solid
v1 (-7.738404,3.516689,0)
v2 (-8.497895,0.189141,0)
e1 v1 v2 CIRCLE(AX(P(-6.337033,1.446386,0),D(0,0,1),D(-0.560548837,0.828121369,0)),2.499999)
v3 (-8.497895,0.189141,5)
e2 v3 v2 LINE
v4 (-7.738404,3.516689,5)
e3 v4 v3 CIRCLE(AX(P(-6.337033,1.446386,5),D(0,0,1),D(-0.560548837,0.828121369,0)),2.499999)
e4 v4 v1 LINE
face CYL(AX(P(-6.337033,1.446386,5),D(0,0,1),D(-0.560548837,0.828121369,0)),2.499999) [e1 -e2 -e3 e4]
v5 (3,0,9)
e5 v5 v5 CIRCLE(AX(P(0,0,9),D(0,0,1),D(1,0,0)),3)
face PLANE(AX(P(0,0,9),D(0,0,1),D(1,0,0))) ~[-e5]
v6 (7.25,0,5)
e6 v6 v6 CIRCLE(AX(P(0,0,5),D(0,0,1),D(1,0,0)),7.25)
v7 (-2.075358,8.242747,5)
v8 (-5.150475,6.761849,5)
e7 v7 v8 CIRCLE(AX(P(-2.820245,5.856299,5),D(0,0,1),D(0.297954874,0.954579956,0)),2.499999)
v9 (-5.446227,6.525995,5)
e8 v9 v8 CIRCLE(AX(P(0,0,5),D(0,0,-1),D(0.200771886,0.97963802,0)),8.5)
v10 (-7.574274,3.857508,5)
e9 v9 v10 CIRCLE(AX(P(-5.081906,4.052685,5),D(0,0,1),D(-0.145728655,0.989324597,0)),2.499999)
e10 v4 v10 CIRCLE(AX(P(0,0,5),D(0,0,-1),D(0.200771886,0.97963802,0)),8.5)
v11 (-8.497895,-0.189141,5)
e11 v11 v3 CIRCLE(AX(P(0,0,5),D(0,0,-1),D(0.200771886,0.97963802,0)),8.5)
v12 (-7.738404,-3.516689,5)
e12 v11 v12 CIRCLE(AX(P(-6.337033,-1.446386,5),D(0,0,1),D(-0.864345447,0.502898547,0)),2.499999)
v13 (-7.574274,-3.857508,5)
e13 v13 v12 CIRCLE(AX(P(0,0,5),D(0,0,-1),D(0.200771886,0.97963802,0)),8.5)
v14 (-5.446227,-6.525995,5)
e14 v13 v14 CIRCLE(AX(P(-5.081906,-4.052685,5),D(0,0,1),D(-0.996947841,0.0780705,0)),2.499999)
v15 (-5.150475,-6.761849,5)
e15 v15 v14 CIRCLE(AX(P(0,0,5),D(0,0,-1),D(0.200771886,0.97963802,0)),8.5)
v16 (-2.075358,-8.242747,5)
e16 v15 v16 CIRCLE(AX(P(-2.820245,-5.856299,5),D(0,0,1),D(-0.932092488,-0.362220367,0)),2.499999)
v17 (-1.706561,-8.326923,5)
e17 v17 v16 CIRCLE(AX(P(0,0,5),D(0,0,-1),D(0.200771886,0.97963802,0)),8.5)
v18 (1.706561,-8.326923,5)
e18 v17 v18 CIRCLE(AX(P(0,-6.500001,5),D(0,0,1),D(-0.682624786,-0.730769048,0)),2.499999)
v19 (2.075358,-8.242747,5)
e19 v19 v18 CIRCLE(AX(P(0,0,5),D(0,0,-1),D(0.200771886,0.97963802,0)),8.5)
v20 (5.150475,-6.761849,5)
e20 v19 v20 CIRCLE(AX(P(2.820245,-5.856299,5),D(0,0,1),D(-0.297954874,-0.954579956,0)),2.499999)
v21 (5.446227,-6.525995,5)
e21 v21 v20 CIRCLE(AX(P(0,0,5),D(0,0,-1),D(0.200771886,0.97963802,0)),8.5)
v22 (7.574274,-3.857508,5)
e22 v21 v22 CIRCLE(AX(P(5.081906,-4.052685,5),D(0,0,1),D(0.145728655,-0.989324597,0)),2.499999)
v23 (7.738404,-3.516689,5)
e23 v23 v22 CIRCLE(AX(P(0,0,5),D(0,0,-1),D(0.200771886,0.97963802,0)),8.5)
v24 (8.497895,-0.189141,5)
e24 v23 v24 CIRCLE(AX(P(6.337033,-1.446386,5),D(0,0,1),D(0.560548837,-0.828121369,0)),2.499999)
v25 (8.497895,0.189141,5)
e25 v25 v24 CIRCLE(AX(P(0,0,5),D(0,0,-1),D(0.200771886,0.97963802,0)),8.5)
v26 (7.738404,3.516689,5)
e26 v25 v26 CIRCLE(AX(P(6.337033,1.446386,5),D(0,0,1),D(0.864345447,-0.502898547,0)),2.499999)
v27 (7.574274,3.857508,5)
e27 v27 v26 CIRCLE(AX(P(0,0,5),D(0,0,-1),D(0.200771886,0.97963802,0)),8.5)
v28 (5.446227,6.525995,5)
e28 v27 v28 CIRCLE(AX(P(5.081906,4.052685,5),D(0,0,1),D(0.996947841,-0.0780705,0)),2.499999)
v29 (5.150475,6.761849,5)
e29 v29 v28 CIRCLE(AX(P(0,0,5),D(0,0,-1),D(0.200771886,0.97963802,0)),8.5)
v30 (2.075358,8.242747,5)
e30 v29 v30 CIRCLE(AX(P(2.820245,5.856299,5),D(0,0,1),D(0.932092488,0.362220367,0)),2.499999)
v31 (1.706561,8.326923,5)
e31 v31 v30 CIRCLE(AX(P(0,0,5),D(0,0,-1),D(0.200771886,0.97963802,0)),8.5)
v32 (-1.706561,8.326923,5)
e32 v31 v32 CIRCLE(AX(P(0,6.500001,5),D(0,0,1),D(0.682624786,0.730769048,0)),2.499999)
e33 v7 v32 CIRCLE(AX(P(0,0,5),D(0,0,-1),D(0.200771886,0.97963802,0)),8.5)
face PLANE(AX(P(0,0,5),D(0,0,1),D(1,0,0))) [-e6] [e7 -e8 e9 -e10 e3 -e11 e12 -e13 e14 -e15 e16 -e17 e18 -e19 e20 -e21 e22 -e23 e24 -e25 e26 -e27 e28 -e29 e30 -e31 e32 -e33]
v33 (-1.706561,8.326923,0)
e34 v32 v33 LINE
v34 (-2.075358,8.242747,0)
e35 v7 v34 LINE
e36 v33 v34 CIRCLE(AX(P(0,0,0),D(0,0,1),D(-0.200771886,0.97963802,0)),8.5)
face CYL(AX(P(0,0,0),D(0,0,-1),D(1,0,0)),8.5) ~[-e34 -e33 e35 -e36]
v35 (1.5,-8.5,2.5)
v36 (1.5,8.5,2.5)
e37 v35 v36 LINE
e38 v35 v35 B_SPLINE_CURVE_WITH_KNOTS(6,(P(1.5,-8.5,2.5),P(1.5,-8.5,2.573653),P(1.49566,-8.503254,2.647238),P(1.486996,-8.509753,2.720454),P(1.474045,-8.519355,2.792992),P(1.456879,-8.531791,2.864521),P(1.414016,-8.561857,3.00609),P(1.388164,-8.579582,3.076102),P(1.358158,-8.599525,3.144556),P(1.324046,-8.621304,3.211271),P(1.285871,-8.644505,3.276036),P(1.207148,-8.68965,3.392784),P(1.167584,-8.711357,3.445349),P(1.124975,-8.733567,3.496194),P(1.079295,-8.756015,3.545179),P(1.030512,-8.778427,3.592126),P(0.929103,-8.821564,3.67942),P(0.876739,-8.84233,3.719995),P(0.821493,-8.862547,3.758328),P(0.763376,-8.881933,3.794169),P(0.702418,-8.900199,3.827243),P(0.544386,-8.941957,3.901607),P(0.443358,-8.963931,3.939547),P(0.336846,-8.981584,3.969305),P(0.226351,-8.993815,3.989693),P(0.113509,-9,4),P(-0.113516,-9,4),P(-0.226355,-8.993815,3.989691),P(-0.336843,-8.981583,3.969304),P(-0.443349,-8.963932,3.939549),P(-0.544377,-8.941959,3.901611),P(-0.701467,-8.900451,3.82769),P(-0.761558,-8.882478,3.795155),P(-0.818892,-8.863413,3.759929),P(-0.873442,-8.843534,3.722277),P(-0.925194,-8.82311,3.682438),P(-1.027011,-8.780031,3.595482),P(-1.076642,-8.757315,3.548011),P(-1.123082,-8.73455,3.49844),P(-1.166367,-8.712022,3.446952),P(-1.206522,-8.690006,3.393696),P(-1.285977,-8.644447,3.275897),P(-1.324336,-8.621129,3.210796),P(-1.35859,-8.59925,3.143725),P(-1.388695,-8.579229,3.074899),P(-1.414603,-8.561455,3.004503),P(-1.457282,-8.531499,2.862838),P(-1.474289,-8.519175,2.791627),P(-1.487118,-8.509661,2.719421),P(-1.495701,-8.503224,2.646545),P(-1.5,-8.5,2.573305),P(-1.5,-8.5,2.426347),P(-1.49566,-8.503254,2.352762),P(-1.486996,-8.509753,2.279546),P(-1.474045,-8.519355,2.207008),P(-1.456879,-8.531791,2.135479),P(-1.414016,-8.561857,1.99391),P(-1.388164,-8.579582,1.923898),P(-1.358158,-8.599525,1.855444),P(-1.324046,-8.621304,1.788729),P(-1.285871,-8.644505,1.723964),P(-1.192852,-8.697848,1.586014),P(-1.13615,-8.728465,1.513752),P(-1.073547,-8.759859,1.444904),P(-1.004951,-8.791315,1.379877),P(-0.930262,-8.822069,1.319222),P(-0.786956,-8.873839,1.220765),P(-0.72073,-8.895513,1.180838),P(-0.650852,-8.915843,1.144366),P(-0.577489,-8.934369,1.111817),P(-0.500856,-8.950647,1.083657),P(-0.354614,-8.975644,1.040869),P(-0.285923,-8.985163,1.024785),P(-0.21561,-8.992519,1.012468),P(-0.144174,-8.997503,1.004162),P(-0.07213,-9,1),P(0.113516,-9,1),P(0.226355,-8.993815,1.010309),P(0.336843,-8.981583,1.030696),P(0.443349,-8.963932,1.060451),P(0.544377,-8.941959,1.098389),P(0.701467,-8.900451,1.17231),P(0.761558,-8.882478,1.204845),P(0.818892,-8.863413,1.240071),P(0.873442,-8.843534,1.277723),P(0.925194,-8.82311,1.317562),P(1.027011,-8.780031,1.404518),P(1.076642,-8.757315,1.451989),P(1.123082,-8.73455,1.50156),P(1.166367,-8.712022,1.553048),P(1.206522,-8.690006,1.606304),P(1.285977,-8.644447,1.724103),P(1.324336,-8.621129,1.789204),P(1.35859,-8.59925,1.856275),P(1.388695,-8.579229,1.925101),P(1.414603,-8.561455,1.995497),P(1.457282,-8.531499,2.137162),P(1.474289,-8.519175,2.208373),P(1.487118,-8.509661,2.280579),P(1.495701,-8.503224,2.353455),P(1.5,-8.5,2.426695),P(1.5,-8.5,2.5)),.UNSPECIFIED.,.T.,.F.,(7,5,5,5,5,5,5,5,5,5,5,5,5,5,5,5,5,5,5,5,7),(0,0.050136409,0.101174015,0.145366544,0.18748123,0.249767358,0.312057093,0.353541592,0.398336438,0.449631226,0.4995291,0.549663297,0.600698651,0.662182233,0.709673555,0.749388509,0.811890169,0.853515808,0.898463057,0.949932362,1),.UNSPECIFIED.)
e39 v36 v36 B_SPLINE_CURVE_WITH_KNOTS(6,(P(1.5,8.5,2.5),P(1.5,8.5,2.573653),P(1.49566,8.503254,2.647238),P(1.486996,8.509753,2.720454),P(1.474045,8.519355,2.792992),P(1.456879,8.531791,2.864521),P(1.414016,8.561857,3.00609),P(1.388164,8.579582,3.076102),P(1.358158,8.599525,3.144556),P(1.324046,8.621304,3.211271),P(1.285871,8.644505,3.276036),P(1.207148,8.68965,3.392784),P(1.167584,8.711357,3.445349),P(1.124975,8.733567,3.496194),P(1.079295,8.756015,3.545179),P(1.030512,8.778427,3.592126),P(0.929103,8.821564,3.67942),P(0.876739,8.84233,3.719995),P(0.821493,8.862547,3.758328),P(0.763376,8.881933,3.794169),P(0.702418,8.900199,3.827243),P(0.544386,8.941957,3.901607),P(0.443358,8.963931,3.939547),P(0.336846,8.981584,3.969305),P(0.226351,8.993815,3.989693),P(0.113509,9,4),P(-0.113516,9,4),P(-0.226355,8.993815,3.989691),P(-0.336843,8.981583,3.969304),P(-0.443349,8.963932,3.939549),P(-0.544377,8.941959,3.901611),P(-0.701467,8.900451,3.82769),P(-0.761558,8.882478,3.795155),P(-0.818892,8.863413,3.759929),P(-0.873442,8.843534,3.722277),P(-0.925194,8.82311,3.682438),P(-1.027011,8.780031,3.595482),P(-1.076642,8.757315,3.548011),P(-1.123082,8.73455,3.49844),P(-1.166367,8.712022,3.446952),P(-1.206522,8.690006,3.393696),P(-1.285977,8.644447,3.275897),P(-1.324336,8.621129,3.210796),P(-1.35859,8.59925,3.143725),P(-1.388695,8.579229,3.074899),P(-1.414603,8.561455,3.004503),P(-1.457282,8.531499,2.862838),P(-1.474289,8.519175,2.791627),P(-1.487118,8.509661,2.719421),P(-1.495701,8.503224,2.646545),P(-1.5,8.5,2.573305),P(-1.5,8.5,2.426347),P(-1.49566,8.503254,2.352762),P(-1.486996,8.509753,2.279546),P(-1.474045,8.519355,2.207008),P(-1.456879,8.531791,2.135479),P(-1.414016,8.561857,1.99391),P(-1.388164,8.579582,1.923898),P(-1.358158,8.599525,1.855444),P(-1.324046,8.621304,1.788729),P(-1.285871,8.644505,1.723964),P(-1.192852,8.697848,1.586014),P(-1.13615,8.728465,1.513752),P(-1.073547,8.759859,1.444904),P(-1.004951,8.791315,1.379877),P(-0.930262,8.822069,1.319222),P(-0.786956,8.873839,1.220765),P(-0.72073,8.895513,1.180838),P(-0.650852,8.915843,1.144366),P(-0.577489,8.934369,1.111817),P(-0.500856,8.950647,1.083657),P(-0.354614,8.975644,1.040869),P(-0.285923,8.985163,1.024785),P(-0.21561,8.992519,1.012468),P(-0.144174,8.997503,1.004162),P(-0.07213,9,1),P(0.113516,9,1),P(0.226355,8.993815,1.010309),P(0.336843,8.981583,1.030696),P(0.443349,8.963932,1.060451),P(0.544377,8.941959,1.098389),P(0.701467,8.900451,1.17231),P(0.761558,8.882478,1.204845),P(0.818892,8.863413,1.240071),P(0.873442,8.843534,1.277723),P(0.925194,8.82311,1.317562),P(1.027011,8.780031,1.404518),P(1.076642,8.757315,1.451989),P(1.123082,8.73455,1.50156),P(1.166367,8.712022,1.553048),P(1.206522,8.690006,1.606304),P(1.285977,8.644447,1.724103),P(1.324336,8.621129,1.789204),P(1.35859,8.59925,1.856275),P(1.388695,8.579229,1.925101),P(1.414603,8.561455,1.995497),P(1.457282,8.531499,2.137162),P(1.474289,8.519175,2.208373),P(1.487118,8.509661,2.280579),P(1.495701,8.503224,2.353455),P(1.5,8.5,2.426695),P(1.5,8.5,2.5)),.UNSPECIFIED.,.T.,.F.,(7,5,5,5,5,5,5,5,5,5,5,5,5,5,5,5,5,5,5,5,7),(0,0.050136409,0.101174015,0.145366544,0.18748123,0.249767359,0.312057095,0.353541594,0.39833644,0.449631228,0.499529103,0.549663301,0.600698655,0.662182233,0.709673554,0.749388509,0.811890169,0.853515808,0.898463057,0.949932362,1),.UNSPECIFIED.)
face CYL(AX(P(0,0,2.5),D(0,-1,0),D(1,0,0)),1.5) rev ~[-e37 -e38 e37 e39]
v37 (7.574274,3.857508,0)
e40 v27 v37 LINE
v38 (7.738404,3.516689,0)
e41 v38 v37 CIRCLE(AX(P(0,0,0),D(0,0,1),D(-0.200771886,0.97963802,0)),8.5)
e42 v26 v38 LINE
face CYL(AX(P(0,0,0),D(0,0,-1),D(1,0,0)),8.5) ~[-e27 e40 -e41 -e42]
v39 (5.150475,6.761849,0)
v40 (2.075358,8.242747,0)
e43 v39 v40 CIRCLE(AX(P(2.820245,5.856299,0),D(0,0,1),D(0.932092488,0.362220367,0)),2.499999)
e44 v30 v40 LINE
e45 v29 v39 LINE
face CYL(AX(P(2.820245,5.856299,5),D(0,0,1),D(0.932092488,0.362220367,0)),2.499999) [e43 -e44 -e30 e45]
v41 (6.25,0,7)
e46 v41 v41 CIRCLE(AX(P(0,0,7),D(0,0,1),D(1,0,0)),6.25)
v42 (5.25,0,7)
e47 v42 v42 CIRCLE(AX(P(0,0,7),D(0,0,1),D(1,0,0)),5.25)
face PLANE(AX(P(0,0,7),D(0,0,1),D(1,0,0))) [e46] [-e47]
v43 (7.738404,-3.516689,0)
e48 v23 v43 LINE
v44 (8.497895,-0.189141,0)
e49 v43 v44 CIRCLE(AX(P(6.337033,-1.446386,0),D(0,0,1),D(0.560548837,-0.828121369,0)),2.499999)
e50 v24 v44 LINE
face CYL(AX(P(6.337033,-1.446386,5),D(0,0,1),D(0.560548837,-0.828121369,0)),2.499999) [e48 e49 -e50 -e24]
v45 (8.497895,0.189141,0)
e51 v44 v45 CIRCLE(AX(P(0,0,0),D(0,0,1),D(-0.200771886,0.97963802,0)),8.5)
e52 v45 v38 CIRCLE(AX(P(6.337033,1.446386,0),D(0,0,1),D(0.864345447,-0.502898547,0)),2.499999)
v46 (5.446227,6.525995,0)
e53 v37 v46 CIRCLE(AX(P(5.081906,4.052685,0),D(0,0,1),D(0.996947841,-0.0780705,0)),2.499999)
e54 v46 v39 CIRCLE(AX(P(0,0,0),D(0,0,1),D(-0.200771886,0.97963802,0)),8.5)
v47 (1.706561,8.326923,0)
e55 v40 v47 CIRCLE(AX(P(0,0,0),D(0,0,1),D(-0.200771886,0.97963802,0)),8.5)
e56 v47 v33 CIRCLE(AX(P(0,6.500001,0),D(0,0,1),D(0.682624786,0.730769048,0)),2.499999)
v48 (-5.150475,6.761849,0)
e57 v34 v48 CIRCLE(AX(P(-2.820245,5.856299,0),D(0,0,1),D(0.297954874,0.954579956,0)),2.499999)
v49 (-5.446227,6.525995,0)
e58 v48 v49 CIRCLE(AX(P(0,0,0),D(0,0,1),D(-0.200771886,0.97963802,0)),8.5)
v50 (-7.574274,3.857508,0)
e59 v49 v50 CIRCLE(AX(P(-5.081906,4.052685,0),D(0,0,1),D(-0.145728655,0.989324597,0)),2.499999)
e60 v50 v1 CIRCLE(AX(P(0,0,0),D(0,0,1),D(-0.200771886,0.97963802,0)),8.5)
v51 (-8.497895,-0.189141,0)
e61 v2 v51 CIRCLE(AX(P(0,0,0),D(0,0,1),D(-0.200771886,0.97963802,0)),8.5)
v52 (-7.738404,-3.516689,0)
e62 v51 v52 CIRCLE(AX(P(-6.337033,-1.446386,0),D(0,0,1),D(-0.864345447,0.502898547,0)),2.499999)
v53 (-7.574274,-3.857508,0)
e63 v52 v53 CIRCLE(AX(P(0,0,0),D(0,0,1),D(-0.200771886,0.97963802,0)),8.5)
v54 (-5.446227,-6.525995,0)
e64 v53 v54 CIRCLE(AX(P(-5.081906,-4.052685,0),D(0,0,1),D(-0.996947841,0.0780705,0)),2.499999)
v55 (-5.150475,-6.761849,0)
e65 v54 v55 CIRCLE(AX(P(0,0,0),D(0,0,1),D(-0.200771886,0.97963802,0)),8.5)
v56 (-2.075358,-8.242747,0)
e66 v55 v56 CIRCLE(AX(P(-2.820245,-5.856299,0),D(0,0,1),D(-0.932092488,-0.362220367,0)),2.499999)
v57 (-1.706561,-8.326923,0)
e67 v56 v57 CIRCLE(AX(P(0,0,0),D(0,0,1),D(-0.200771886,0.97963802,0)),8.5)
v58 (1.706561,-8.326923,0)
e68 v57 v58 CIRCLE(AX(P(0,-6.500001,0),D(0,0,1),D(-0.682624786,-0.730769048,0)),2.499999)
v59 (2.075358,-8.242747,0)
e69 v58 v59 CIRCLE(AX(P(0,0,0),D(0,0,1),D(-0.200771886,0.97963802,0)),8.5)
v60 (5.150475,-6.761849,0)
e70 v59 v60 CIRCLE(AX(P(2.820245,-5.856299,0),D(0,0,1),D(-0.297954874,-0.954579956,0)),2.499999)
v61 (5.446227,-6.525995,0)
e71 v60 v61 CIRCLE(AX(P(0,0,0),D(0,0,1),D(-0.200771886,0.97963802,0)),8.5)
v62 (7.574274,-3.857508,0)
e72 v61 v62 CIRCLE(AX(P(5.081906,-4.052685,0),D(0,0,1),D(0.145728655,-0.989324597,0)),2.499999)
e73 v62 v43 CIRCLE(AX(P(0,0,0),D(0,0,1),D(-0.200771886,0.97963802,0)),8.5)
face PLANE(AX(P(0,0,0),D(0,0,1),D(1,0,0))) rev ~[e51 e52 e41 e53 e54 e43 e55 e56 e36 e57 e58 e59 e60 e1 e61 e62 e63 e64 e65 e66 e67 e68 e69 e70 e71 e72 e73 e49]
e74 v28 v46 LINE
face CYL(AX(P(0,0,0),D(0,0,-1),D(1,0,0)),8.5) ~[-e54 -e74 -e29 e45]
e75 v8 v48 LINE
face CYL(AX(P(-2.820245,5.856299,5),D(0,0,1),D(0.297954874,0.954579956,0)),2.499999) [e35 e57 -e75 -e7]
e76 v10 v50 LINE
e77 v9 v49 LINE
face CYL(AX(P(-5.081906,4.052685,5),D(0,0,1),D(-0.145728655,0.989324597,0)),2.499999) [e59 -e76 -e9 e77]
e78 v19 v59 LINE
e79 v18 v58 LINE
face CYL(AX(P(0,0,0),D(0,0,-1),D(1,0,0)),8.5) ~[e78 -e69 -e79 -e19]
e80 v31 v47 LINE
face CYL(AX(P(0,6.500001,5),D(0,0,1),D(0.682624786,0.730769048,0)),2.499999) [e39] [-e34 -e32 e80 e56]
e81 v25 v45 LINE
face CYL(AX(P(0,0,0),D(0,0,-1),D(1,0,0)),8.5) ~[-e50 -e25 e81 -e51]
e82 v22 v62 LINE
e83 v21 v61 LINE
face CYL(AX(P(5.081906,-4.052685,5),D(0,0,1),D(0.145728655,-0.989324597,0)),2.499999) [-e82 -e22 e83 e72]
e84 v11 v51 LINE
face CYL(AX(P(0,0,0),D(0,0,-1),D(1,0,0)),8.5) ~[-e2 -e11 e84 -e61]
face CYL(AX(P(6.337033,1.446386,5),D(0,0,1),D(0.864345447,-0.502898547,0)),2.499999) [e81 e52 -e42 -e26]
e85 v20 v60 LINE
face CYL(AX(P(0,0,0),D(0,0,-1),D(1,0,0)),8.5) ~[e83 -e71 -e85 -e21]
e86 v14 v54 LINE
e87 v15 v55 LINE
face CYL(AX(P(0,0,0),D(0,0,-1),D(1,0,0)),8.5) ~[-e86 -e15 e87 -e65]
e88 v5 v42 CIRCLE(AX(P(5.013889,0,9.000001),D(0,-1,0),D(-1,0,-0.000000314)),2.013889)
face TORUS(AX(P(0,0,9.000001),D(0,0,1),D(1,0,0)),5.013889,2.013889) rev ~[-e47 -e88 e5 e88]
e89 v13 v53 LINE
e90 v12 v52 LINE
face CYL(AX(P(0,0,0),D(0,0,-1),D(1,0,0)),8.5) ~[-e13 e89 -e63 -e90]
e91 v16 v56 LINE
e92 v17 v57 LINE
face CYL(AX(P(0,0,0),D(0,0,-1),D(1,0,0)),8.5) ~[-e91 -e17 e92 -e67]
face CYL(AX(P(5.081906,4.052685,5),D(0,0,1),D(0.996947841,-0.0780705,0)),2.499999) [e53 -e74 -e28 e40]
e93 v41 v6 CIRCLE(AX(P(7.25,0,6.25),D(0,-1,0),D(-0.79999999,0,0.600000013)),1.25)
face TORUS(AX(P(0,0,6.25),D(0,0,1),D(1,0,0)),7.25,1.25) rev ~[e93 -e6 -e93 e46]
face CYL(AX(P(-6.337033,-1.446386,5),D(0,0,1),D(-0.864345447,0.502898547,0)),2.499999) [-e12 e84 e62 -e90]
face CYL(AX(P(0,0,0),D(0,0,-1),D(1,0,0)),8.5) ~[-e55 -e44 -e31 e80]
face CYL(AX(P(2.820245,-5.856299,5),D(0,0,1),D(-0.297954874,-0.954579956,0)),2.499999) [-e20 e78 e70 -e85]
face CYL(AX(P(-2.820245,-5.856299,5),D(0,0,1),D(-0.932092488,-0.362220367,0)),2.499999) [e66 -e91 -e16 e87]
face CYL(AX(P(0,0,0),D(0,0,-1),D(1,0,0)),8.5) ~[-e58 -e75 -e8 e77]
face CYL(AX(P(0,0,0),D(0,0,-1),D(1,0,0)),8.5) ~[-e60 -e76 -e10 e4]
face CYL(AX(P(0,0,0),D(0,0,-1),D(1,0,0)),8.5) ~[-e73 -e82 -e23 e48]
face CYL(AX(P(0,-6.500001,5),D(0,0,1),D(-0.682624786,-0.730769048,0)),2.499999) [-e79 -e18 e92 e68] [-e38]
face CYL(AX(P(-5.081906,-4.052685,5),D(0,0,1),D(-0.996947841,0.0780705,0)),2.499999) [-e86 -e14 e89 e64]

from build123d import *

# Parameters (mm, degrees)
SKETCH_R           = 8.5
PAD_DEPTH          = 5
PAD001_DEPTH       = 5
POLARPATTERN_COUNT = 14
SKETCH006_R        = 1.5
POCKET_DEPTH       = 9.001
POCKET_DEPTH_BACK  = -9.001


with BuildPart() as part:
    # Sketch → Pad (new body)
    with BuildSketch(Plane.XY):
        Circle(SKETCH_R)
    extrude(amount=PAD_DEPTH)

    # Sketch001 (on Face3 of Pad) → Pad001 (join)
    with BuildSketch(Plane.XY.offset(5)):
        with BuildLine():
            ThreePointArc((1.706561, 8.326923), (0, 9), (-1.706561, 8.326923))
            ThreePointArc((1.706561, 8.326923), (0, 8.5), (-1.706561, 8.326923))
        make_face()
    pad001 = extrude(amount=-PAD001_DEPTH)

    # PolarPattern: Pad001 ×14 about axis
    polarpattern_axis = Axis((0, 0, 5), (0, 0, 1))
    for i in range(1, POLARPATTERN_COUNT):
        add(pad001.rotate(polarpattern_axis, i * 360 / POLARPATTERN_COUNT))

    # Sketch006 → Pocket (cut, two sides)
    with BuildSketch(Plane.XZ) as pocket_sk:
        with Locations((0, 2.5)):
            Circle(SKETCH006_R)
    extrude(amount=-POCKET_DEPTH, mode=Mode.SUBTRACT)
    extrude(pocket_sk.sketch, amount=-POCKET_DEPTH_BACK, mode=Mode.SUBTRACT)

    # Sketch004 → Revolution (revolve)
    with BuildSketch(Plane.XZ):
        with BuildLine():
            Line((0, 5), (7.25, 5))
            ThreePointArc((6.25, 7), (6.131966, 5.690983), (7.25, 5))
            Line((6.25, 7), (5.25, 7))
            ThreePointArc((3, 9), (3.675934, 7.494801), (5.25, 7))
            Line((0, 9), (3, 9))
            Line((0, 9), (0, 7))
            Line((0, 7), (0, 5))
        make_face()
    revolve(axis=Axis((0, 0, 0), (0, 0, 1)))


solid = part.part
